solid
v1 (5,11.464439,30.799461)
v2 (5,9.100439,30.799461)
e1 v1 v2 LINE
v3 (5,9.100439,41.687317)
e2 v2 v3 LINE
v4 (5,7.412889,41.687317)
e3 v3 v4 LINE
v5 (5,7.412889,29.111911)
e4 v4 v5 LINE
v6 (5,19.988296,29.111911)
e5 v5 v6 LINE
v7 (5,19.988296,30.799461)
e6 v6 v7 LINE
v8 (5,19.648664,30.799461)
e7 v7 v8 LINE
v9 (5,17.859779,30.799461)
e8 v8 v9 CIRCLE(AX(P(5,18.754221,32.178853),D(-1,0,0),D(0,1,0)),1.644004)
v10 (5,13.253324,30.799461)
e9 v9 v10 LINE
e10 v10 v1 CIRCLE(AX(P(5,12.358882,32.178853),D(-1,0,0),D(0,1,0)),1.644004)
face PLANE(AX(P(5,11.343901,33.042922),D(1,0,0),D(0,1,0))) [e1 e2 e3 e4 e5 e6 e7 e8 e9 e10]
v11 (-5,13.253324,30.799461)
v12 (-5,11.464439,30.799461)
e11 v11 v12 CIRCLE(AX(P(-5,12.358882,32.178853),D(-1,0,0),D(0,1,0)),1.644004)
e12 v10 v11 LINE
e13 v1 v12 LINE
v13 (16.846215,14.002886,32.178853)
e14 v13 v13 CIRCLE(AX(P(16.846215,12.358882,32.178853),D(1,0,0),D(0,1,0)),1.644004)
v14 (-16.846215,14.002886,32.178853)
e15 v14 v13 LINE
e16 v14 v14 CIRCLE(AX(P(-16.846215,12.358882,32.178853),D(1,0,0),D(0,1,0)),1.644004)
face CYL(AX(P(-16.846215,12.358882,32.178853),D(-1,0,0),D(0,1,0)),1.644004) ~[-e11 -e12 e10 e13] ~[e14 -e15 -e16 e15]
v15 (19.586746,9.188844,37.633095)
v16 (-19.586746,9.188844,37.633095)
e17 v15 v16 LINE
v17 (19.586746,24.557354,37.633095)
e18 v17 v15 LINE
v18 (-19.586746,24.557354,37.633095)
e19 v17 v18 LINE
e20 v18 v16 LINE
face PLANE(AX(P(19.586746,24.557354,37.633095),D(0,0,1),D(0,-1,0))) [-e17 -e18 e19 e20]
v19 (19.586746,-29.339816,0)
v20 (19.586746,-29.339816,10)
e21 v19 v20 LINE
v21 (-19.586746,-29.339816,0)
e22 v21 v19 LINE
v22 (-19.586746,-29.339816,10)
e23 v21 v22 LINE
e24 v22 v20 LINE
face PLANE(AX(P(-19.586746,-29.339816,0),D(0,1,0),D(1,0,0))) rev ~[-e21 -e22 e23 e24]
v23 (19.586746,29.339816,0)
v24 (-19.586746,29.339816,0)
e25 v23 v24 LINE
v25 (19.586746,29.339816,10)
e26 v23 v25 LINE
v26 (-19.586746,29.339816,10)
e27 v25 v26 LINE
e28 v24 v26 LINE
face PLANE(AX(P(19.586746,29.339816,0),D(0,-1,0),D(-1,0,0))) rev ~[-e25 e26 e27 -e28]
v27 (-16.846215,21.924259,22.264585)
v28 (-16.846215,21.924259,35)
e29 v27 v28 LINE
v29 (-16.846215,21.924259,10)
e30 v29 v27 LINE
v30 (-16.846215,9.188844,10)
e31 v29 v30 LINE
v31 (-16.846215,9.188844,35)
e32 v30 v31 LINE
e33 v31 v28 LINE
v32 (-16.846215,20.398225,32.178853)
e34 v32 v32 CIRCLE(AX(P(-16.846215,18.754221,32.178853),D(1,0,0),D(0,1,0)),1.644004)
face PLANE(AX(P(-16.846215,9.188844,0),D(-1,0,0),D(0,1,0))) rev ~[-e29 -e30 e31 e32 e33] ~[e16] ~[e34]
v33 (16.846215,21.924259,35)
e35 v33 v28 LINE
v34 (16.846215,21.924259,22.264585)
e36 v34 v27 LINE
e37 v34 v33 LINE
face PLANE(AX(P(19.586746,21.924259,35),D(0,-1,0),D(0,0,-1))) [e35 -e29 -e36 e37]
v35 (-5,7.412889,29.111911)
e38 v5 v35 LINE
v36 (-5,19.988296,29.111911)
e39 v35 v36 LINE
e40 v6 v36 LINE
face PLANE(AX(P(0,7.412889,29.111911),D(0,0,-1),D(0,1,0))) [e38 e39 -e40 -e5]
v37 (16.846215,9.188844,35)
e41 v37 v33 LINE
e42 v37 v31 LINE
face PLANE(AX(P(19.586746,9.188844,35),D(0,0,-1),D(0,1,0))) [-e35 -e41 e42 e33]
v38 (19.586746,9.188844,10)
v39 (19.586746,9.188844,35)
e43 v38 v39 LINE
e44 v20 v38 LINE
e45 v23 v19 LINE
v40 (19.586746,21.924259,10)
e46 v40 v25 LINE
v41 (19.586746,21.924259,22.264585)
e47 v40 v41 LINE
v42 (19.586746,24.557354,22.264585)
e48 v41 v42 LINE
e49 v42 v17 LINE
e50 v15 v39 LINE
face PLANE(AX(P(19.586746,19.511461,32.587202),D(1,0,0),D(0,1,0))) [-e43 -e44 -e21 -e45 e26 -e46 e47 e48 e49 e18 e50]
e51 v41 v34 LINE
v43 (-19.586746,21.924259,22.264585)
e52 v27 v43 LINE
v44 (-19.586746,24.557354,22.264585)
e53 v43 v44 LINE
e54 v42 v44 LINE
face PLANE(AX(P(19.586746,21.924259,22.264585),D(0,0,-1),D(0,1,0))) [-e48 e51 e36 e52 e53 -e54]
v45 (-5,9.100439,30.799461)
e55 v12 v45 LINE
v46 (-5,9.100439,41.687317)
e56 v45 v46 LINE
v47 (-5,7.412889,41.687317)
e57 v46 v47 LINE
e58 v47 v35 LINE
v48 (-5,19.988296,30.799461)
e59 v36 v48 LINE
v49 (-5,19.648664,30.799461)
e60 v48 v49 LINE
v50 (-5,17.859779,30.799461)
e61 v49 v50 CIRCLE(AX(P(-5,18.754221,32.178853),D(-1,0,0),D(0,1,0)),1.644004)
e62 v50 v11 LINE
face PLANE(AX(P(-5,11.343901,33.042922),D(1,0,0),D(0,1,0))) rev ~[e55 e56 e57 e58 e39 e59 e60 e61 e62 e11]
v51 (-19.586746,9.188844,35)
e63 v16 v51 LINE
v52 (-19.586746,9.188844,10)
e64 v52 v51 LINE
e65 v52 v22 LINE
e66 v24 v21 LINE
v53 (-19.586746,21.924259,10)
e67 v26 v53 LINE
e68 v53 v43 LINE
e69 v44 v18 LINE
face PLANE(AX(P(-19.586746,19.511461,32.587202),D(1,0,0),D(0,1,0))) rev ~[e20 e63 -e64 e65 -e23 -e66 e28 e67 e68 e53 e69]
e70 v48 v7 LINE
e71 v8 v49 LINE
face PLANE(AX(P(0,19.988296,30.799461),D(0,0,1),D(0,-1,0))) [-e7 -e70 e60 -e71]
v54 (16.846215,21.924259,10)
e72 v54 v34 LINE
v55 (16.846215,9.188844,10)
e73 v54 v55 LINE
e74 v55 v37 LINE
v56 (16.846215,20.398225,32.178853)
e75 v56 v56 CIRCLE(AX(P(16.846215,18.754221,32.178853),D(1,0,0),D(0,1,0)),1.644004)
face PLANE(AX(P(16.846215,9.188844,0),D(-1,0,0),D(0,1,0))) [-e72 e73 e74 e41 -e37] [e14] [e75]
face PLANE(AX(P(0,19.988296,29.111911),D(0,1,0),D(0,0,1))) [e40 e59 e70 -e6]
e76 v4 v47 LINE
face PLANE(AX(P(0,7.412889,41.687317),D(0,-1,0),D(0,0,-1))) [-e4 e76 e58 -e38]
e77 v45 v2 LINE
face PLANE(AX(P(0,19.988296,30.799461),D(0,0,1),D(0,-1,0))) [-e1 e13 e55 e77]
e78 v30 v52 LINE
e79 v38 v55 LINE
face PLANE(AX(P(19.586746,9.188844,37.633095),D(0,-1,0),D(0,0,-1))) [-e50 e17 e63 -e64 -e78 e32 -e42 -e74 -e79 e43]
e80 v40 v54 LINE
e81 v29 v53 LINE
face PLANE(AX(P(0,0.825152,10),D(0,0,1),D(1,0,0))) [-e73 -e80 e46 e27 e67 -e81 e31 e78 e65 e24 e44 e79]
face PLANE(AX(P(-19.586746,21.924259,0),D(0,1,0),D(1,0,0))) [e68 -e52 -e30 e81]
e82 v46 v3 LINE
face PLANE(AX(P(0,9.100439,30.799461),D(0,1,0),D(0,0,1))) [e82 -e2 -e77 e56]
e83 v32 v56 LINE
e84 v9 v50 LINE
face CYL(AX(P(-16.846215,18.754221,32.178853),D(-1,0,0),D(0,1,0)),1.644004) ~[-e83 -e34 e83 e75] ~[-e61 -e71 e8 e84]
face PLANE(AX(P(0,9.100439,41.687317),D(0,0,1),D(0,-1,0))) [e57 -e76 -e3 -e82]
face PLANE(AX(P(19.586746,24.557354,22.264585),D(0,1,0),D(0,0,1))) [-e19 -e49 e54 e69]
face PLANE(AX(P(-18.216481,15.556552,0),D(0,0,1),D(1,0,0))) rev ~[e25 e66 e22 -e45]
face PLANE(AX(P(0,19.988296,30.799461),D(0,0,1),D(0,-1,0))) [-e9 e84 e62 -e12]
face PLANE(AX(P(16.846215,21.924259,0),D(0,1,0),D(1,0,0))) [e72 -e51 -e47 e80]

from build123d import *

# Parameters (mm, degrees)
F0_W     = 2.7405302972
F0_H     = 12.7354152501
F1_DEPTH = 10
F2_DEPTH = 35
F3_R     = 1.6440039884
F4_DEPTH = 33.6924307048
F6_DEPTH = 39.1734912992
F8_DEPTH = 5


with BuildPart() as f1:
    # F0 (on Top) → F1 (new body)
    with BuildSketch(Plane.XY):
        Polygon((19.5867456496, 29.3398164213), (-19.5867456496, 29.3398164213), (-19.5867456496, 21.9242591411), (-16.8462153524, 21.9242591411), (-16.8462153524, 9.188843891), (-19.5867456496, 9.188843891), (-19.5867456496, -29.3398164213), (19.5867456496, -29.3398164213), (19.5867456496, 9.188843891), (16.8462153524, 9.188843891), (16.8462153524, 21.9242591411), (19.5867456496, 21.9242591411), align=None)
        with Locations((-18.216480501, 15.5565515161)):
            Rectangle(F0_W, F0_H)
        with Locations((18.216480501, 15.5565515161)):
            Rectangle(F0_W, F0_H)
    extrude(amount=F1_DEPTH)

    # F0 (on Top) → F2 (join)
    with BuildSketch(Plane.XY):
        with Locations((-18.216480501, 15.5565515161)):
            Rectangle(F0_W, F0_H)
        with Locations((18.216480501, 15.5565515161)):
            Rectangle(F0_W, F0_H)
    extrude(amount=F2_DEPTH)

    # F3 (on face) → F4 (join, through all)
    with BuildSketch(Plane.YZ.offset(-16.8462153524)):
        with Locations((12.3588815841, 32.1788525892)):
            Circle(F3_R)
        with Locations((18.754221448, 32.1788525892)):
            Circle(F3_R)
    extrude(amount=F4_DEPTH)

    # F5 (on face) → F6 (join, through all)
    with BuildSketch(Plane.YZ.offset(19.5867456496)):
        Polygon((9.188843891, 37.6330949366), (9.188843891, 35), (21.9242591411, 35), (21.9242591411, 22.2645847499), (24.5573540777, 22.2645847499), (24.5573540777, 37.6330949366), align=None)
    extrude(amount=-F6_DEPTH)

    # F7 (on Right) → F8 (join, symmetric)
    with BuildSketch(Plane.YZ):
        Polygon((19.9882956222, 29.1119106114), (19.9882956222, 30.7994605973), (9.100439027, 30.7994605973), (9.100439027, 41.6873171926), (7.412889041, 41.6873171926), (7.412889041, 29.1119106114), align=None)
    extrude(amount=F8_DEPTH, both=True)


solid = f1.part
